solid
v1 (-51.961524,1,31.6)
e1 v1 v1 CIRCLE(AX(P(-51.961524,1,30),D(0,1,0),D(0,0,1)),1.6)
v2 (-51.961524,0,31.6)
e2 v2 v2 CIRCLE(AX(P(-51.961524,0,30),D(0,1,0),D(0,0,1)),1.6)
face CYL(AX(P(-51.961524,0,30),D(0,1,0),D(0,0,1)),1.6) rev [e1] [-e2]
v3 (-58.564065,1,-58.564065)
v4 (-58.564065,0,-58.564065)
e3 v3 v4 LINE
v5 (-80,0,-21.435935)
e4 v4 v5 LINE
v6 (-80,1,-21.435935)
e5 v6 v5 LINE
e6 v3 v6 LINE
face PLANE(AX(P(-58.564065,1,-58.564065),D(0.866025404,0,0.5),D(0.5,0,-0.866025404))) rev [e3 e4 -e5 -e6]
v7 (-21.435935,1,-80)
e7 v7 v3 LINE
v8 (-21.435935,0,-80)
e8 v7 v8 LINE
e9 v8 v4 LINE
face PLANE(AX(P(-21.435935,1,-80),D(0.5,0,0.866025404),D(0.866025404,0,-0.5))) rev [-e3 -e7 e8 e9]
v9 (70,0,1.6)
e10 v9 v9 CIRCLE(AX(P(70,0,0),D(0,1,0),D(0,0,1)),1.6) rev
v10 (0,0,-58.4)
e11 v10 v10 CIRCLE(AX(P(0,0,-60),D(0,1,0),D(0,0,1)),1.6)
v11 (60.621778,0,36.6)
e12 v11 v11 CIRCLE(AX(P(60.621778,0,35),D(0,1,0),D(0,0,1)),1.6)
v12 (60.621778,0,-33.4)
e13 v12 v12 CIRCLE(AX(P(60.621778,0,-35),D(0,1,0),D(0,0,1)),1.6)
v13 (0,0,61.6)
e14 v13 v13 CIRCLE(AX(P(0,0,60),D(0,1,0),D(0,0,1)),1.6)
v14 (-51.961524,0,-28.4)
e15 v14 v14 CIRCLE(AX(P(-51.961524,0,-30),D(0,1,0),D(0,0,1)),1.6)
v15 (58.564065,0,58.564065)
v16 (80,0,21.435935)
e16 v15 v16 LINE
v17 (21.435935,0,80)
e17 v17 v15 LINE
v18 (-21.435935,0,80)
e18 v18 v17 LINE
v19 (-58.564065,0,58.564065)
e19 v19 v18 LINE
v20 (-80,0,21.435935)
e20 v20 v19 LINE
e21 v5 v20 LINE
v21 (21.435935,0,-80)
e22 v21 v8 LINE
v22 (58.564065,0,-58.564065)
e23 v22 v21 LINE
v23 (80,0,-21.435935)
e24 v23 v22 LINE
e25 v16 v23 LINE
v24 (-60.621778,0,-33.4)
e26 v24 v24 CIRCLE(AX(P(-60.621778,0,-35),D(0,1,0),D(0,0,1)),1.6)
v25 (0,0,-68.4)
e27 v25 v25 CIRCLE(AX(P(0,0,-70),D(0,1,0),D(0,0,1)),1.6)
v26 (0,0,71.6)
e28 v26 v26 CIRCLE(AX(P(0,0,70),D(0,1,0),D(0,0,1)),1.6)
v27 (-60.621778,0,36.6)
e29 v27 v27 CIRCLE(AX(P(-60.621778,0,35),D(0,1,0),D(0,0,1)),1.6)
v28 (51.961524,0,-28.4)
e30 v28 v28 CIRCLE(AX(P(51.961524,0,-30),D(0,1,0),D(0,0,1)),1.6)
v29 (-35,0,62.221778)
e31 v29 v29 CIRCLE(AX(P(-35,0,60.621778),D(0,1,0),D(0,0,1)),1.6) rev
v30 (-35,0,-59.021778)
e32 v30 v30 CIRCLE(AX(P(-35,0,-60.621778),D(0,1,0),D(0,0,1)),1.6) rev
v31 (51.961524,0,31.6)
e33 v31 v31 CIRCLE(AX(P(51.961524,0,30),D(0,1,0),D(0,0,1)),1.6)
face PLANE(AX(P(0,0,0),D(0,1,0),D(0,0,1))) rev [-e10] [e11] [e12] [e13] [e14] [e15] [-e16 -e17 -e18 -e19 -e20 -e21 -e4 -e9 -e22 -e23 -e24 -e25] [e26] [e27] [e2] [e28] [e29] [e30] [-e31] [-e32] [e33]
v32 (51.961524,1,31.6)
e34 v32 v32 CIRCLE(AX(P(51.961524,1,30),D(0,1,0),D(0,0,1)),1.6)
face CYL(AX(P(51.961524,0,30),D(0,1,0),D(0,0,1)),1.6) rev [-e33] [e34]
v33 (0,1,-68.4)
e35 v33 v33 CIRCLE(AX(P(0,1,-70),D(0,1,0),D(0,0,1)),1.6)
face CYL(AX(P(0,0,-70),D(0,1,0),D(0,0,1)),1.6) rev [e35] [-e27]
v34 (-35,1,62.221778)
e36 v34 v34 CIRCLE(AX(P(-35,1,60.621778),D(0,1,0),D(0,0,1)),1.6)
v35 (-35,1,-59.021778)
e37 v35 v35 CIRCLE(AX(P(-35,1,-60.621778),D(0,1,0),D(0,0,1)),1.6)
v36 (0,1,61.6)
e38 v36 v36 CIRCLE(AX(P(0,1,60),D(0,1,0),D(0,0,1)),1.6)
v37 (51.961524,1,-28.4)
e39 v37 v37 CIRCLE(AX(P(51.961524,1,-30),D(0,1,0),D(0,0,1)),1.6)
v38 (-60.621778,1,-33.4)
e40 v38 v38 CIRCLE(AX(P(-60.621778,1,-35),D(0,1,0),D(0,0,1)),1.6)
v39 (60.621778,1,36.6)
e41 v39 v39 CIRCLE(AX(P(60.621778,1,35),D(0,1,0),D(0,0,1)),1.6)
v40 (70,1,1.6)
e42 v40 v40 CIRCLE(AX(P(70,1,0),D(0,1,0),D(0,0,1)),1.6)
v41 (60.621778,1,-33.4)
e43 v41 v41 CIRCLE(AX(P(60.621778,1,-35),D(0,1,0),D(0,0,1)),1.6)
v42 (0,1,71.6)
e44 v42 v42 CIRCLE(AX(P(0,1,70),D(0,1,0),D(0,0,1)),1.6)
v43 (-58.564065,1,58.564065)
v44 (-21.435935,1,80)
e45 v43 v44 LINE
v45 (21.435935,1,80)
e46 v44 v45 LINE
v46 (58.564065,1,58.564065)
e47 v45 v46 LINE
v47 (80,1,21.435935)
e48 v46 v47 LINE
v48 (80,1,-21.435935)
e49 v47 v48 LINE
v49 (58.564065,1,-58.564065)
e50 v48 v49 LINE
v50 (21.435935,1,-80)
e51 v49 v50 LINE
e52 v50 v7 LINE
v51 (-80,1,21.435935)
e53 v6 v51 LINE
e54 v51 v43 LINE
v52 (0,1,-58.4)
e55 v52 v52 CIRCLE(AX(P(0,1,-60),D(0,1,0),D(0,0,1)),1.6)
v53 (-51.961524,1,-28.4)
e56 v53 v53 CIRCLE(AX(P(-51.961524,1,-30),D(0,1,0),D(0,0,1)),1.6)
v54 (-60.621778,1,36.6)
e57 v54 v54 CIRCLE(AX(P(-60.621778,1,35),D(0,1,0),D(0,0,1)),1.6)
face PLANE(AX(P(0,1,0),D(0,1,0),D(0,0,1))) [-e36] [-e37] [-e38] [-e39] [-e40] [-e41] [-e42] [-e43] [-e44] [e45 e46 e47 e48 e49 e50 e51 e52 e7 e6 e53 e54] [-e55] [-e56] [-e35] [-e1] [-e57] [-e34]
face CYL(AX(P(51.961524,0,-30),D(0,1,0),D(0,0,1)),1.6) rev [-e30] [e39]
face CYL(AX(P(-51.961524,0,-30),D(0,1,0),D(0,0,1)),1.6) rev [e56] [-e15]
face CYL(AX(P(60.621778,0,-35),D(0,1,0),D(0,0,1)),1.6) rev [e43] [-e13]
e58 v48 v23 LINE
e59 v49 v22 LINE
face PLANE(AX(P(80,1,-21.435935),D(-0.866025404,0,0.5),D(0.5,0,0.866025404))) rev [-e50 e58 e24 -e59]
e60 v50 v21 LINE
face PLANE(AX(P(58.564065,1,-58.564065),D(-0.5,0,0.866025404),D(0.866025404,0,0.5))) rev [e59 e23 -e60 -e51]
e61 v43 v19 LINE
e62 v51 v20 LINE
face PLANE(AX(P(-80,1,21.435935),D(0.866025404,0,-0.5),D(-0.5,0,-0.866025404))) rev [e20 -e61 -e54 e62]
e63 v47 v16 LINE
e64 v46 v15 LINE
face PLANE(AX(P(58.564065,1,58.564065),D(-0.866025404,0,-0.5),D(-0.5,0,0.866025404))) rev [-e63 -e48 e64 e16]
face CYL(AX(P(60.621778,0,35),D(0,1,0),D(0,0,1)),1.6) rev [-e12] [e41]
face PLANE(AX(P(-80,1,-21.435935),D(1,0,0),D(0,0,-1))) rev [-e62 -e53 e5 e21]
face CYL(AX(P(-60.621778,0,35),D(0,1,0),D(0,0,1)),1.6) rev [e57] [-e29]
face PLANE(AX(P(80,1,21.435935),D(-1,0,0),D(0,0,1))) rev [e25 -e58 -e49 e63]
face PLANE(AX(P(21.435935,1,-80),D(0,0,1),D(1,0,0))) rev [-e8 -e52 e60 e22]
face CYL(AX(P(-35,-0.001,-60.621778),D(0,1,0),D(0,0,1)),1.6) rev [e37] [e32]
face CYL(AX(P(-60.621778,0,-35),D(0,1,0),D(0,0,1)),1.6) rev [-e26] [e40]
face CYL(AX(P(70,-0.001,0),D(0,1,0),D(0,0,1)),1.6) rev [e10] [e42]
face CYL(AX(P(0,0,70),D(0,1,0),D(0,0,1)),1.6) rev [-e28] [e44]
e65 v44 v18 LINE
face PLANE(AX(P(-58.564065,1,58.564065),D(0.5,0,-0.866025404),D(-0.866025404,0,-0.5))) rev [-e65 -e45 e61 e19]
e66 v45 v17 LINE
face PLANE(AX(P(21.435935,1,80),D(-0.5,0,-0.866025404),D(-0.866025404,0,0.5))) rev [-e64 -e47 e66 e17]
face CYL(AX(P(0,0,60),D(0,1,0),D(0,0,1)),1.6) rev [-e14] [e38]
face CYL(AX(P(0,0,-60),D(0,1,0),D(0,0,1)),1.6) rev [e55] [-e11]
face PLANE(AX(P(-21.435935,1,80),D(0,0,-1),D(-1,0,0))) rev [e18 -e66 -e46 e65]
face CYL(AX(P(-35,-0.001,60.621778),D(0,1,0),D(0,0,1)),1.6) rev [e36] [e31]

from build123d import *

# Parameters (mm, degrees)
EXTRUDE_2_DEPTH      = 1
SKETCH_9_R           = 1.6
CUT_EXTRUDE_5_DEPTH  = 1
SKETCH_10_R          = 1.6
CUT_EXTRUDE_6_DEPTH  = 1
SKETCH_11_R          = 1.6
CUT_EXTRUDE_7_DEPTH  = 1
SKETCH_12_R          = 1.6
CUT_EXTRUDE_8_DEPTH  = 1
SKETCH_16_R          = 1.6
CUT_EXTRUDE_9_DEPTH  = 1
SKETCH_17_R          = 1.6
CUT_EXTRUDE_10_DEPTH = 1
SKETCH_18_R          = 1.6
CUT_EXTRUDE_11_DEPTH = 1
SKETCH_19_R          = 1.6
CUT_EXTRUDE_12_DEPTH = 1
SKETCH_20_R          = 1.6
CUT_EXTRUDE_13_DEPTH = 1
SKETCH_21_R          = 1.6
CUT_EXTRUDE_14_DEPTH = 1
SKETCH_22_R          = 1.6
CUT_EXTRUDE_15_DEPTH = 1
SKETCH_23_R          = 1.6
CUT_EXTRUDE_16_DEPTH = 1
CUT_EXTRUDE_17_REACH = 3
SKETCH_24_R          = 1.6
CUT_EXTRUDE_18_REACH = 3
SKETCH_25_R          = 1.6
CUT_EXTRUDE_19_REACH = 3
SKETCH_26_R          = 1.6


with BuildPart() as part:
    # ｽｹｯﾁ8 → ﾎﾞｽ - 押し出し2 (new body)
    with BuildSketch(Plane(origin=(0, 0, 0), x_dir=(1, 0, 0), z_dir=(0, 1, 0))):
        Polygon((-80, -21.435935394), (-58.564064606, -58.564064606), (-21.435935394, -80), (21.435935394, -80), (58.564064606, -58.564064606), (80, -21.435935394), (80, 21.435935394), (58.564064606, 58.564064606), (21.435935394, 80), (-21.435935394, 80), (-58.564064606, 58.564064606), (-80, 21.435935394), align=None)
    extrude(amount=EXTRUDE_2_DEPTH)

    # ｽｹｯﾁ9 → ｶｯﾄ - 押し出し5 (cut)
    with BuildSketch(Plane(origin=(0, 1, 0), x_dir=(1, 0, 0), z_dir=(0, 1, 0))):
        with Locations((-60.621778265, 35)):
            Circle(SKETCH_9_R)
    extrude(amount=-CUT_EXTRUDE_5_DEPTH, mode=Mode.SUBTRACT)

    # ｽｹｯﾁ10 → ｶｯﾄ - 押し出し6 (cut)
    with BuildSketch(Plane(origin=(0, 1, 0), x_dir=(1, 0, 0), z_dir=(0, 1, 0))):
        with Locations((-51.961524227, 30)):
            Circle(SKETCH_10_R)
    extrude(amount=-CUT_EXTRUDE_6_DEPTH, mode=Mode.SUBTRACT)

    # ｽｹｯﾁ11 → ｶｯﾄ - 押し出し7 (cut)
    with BuildSketch(Plane(origin=(0, 1, 0), x_dir=(1, 0, 0), z_dir=(0, 1, 0))):
        with Locations((60.621778265, -35)):
            Circle(SKETCH_11_R)
    extrude(amount=-CUT_EXTRUDE_7_DEPTH, mode=Mode.SUBTRACT)

    # ｽｹｯﾁ12 → ｶｯﾄ - 押し出し8 (cut)
    with BuildSketch(Plane(origin=(0, 1, 0), x_dir=(1, 0, 0), z_dir=(0, 1, 0))):
        with Locations((51.961524227, -30)):
            Circle(SKETCH_12_R)
    extrude(amount=-CUT_EXTRUDE_8_DEPTH, mode=Mode.SUBTRACT)

    # ｽｹｯﾁ16 → ｶｯﾄ - 押し出し9 (cut)
    with BuildSketch(Plane(origin=(0, 1, 0), x_dir=(1, 0, 0), z_dir=(0, 1, 0))):
        with Locations((60.621778265, 35)):
            Circle(SKETCH_16_R)
    extrude(amount=-CUT_EXTRUDE_9_DEPTH, mode=Mode.SUBTRACT)

    # ｽｹｯﾁ17 → ｶｯﾄ - 押し出し10 (cut)
    with BuildSketch(Plane(origin=(0, 1, 0), x_dir=(1, 0, 0), z_dir=(0, 1, 0))):
        with Locations((51.961524227, 30)):
            Circle(SKETCH_17_R)
    extrude(amount=-CUT_EXTRUDE_10_DEPTH, mode=Mode.SUBTRACT)

    # ｽｹｯﾁ18 → ｶｯﾄ - 押し出し11 (cut)
    with BuildSketch(Plane(origin=(0, 1, 0), x_dir=(1, 0, 0), z_dir=(0, 1, 0))):
        with Locations((-60.621778265, -35)):
            Circle(SKETCH_18_R)
    extrude(amount=-CUT_EXTRUDE_11_DEPTH, mode=Mode.SUBTRACT)

    # ｽｹｯﾁ19 → ｶｯﾄ - 押し出し12 (cut)
    with BuildSketch(Plane(origin=(0, 1, 0), x_dir=(1, 0, 0), z_dir=(0, 1, 0))):
        with Locations((-51.961524227, -30)):
            Circle(SKETCH_19_R)
    extrude(amount=-CUT_EXTRUDE_12_DEPTH, mode=Mode.SUBTRACT)

    # ｽｹｯﾁ20 → ｶｯﾄ - 押し出し13 (cut)
    with BuildSketch(Plane(origin=(0, 1, 0), x_dir=(1, 0, 0), z_dir=(0, 1, 0))):
        with Locations((0, 70)):
            Circle(SKETCH_20_R)
    extrude(amount=-CUT_EXTRUDE_13_DEPTH, mode=Mode.SUBTRACT)

    # ｽｹｯﾁ21 → ｶｯﾄ - 押し出し14 (cut)
    with BuildSketch(Plane(origin=(0, 1, 0), x_dir=(1, 0, 0), z_dir=(0, 1, 0))):
        with Locations((0, 60)):
            Circle(SKETCH_21_R)
    extrude(amount=-CUT_EXTRUDE_14_DEPTH, mode=Mode.SUBTRACT)

    # ｽｹｯﾁ22 → ｶｯﾄ - 押し出し15 (cut)
    with BuildSketch(Plane(origin=(0, 1, 0), x_dir=(1, 0, 0), z_dir=(0, 1, 0))):
        with Locations((0, -70)):
            Circle(SKETCH_22_R)
    extrude(amount=-CUT_EXTRUDE_15_DEPTH, mode=Mode.SUBTRACT)

    # ｽｹｯﾁ23 → ｶｯﾄ - 押し出し16 (cut)
    with BuildSketch(Plane(origin=(0, 1, 0), x_dir=(1, 0, 0), z_dir=(0, 1, 0))):
        with Locations((0, -60)):
            Circle(SKETCH_23_R)
    extrude(amount=-CUT_EXTRUDE_16_DEPTH, mode=Mode.SUBTRACT)

    # ｽｹｯﾁ24 → ｶｯﾄ - 押し出し17 (cut, up to next)
    with BuildSketch(Plane(origin=(0, 1, 0), x_dir=(1, 0, 0), z_dir=(0, 1, 0)), mode=Mode.PRIVATE) as cut_extrude_17_sk1:
        with Locations((-35, 60.621778265)):
            Circle(SKETCH_24_R)
    cut_extrude_17_tool1 = extrude(cut_extrude_17_sk1.sketch, amount=-CUT_EXTRUDE_17_REACH, mode=Mode.PRIVATE) & part.part
    add(cut_extrude_17_tool1.solids().sort_by_distance((-35, 1, -60.621778))[0], mode=Mode.SUBTRACT)

    # ｽｹｯﾁ25 → ｶｯﾄ - 押し出し18 (cut, up to next)
    with BuildSketch(Plane(origin=(0, 1, 0), x_dir=(1, 0, 0), z_dir=(0, 1, 0)), mode=Mode.PRIVATE) as cut_extrude_18_sk1:
        with Locations((-35, -60.621778265)):
            Circle(SKETCH_25_R)
    cut_extrude_18_tool1 = extrude(cut_extrude_18_sk1.sketch, amount=-CUT_EXTRUDE_18_REACH, mode=Mode.PRIVATE) & part.part
    add(cut_extrude_18_tool1.solids().sort_by_distance((-35, 1, 60.621778))[0], mode=Mode.SUBTRACT)

    # ｽｹｯﾁ26 → ｶｯﾄ - 押し出し19 (cut, up to next)
    with BuildSketch(Plane(origin=(0, 1, 0), x_dir=(1, 0, 0), z_dir=(0, 1, 0)), mode=Mode.PRIVATE) as cut_extrude_19_sk1:
        with Locations((70, 0)):
            Circle(SKETCH_26_R)
    cut_extrude_19_tool1 = extrude(cut_extrude_19_sk1.sketch, amount=-CUT_EXTRUDE_19_REACH, mode=Mode.PRIVATE) & part.part
    add(cut_extrude_19_tool1.solids().sort_by_distance((70, 1, 0))[0], mode=Mode.SUBTRACT)


solid = part.part
